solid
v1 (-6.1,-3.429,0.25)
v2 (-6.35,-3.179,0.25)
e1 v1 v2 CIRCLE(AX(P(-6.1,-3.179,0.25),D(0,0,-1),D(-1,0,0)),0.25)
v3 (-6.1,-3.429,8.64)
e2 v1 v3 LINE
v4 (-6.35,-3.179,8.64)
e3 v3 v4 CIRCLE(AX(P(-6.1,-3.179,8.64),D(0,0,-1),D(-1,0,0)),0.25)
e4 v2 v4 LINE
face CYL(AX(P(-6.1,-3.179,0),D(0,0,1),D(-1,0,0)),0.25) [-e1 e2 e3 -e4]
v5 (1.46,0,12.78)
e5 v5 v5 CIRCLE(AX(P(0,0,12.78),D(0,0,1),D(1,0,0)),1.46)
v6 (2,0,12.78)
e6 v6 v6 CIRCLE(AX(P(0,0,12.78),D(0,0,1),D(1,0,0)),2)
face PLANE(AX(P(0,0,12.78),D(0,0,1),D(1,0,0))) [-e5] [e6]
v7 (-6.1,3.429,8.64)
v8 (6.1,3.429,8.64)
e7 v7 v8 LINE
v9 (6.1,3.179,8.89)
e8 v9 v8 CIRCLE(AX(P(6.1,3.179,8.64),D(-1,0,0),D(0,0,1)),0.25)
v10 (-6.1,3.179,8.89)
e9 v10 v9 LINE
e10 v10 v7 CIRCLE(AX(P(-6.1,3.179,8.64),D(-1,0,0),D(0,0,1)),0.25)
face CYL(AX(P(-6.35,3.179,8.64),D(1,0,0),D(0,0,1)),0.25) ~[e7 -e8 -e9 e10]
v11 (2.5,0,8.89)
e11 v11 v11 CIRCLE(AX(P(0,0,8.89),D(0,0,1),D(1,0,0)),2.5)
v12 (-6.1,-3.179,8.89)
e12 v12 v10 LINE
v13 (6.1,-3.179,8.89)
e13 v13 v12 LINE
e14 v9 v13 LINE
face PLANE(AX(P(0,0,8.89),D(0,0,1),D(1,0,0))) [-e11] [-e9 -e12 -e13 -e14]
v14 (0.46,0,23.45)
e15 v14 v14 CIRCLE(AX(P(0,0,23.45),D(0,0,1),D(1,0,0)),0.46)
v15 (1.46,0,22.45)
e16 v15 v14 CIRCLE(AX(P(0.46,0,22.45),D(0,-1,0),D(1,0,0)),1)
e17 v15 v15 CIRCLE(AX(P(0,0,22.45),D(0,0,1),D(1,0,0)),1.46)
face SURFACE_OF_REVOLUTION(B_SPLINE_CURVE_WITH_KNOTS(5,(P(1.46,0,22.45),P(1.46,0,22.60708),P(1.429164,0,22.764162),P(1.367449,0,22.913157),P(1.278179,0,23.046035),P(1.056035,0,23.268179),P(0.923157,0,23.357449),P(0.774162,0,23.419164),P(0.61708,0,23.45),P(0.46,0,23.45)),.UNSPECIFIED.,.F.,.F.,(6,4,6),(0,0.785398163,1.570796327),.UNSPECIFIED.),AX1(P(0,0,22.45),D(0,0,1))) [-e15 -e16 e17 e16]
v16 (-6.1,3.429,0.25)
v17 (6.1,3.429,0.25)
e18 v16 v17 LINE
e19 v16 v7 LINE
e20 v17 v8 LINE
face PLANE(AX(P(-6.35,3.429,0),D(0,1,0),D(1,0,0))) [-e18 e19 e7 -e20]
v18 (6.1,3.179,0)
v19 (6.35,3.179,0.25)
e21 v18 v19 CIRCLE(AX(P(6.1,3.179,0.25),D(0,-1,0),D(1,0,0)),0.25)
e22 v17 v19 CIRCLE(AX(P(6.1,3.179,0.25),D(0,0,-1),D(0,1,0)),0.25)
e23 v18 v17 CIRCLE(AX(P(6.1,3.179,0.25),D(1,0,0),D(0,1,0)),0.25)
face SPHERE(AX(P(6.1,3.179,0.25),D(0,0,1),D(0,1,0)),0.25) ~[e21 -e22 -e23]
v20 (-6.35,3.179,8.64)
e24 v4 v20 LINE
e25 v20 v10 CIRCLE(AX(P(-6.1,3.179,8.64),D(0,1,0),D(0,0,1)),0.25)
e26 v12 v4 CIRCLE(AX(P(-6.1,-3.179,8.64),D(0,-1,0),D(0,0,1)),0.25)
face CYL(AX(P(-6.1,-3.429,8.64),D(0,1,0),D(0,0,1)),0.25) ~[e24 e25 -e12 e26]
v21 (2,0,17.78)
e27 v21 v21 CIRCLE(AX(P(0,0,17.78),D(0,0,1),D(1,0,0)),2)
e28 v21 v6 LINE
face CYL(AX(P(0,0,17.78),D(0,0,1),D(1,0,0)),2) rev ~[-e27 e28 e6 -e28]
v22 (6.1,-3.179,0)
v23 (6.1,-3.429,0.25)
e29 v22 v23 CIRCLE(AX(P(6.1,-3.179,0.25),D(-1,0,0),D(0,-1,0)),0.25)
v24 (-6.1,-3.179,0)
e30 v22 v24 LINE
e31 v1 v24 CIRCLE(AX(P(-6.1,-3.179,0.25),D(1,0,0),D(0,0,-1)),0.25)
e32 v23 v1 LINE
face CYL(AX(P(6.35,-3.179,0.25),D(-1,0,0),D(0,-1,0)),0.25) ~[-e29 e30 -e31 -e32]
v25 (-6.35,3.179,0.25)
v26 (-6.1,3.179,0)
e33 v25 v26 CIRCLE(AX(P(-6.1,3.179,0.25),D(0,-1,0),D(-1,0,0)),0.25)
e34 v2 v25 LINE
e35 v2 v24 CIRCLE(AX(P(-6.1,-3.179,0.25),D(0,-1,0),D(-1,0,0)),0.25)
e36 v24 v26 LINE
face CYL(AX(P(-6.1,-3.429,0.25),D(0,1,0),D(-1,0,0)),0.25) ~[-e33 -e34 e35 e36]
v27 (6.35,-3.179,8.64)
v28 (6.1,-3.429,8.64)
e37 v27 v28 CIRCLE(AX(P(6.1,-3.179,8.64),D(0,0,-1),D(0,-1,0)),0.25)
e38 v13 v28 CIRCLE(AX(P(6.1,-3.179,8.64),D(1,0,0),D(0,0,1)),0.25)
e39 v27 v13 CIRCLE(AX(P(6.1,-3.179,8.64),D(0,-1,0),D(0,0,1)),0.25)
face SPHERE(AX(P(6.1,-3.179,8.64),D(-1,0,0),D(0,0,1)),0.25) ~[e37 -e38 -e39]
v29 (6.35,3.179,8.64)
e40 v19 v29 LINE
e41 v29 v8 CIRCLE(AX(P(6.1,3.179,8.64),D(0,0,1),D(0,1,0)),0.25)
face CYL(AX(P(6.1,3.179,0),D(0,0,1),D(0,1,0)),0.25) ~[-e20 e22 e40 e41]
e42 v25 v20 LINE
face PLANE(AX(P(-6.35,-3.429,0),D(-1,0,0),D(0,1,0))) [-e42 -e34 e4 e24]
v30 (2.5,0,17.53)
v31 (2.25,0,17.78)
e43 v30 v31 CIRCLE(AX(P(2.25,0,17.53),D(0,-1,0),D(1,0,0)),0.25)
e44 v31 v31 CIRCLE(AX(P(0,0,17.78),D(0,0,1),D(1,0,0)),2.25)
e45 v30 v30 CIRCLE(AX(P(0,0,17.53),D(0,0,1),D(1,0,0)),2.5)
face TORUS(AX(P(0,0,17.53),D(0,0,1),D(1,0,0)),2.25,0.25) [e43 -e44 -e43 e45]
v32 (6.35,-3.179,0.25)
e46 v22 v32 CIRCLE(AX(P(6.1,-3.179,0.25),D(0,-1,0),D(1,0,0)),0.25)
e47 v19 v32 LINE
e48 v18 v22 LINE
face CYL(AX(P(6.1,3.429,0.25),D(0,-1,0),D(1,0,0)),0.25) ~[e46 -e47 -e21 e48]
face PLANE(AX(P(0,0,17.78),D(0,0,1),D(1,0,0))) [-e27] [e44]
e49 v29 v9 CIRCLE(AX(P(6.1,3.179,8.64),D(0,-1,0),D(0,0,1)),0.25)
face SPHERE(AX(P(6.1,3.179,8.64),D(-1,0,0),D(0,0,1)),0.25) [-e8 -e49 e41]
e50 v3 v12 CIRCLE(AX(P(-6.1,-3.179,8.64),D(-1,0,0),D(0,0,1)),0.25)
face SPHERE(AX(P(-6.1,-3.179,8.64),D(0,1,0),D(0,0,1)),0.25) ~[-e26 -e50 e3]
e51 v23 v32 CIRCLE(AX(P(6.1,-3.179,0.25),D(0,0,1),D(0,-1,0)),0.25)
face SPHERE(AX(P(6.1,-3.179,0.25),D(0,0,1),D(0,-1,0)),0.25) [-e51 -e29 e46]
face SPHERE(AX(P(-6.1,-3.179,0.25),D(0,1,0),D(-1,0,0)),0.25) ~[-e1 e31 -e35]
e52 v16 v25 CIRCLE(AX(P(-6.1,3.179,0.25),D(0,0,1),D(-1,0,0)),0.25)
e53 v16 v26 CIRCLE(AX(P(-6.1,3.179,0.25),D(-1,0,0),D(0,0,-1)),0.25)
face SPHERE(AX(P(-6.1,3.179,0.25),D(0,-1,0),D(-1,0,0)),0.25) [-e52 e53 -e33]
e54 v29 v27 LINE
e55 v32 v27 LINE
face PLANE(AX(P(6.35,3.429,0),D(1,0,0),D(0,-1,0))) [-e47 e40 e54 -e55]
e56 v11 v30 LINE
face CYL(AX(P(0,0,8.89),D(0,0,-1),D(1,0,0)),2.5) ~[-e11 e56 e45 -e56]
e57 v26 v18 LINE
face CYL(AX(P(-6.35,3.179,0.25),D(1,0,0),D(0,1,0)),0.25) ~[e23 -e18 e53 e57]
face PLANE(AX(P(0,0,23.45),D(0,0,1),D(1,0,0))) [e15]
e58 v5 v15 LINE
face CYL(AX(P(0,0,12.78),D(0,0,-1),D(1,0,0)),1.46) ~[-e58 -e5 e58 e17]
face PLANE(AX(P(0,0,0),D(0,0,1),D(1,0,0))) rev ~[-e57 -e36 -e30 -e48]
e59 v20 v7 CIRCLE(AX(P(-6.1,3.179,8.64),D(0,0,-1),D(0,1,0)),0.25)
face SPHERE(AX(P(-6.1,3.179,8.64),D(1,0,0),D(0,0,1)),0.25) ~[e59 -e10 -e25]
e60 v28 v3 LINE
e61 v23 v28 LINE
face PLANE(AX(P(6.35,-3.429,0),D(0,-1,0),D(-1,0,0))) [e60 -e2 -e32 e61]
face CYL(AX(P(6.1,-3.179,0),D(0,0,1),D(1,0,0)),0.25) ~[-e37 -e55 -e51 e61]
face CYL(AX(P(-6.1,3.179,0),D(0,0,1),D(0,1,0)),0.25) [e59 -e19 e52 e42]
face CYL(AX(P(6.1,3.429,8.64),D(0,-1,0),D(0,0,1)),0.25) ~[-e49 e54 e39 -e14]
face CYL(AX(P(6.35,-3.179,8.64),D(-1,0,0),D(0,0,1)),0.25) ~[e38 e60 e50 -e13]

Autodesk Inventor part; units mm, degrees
ref_plane "YZ Plane" through (0, 0, 0) normal (1, 0, 0) x (0, 1, 0)
ref_plane "XZ Plane" through (0, 0, 0) normal (0, 1, 0) x (-1, 0, 0)
ref_plane "XY Plane" through (0, 0, 0) normal (0, 0, 1) x (1, 0, 0)
sketch "Skizze1" plane through (0, 0, 0) normal (0, 0, 1) x (1, 0, 0)
  line L0 (-6.35, 3.429) -> (6.35, 3.429)
  line L1 (6.35, 3.429) -> (6.35, -3.429)
  line L2 (6.35, -3.429) -> (-6.35, -3.429)
  line L3 (-6.35, -3.429) -> (-6.35, 3.429)
  point P0 (0, 0)
  point P1 (6.35, 0)
  point P2 (0, -3.429)
  dimension "d0" = 12.7
  dimension "d1" = 6.858
extrude "Extrusion1" add sketch "Skizze1" along normal blind 8.89
sketch "Skizze2" plane through (0, 0, 8.89) normal (0, 0, 1) x (1, 0, 0)
  circle A0 centre (0, 0) radius 2.5
  circle A1 centre (0, 0) radius 2.25
  dimension "d4" = 5
  dimension "d10" = 4.5
extrude "Extrusion2" add sketch "Skizze2" along normal blind 8.89 contours A0 | A1
thread "Gewinde1" size "M6x1" class "6g" standard "ANSI Metric M Profile" full length
fillet "Rundung1" radius 0.25 1 edges at (-2.5, 0, 17.78)
sketch "Skizze3" plane through (0, 0, 17.78) normal (0, 0, 1) x (1, 0, 0)
  circle A0 centre (0, 0) radius 2.25 projected
  circle A1 centre (0, 0) radius 2
  dimension "d11" = 4
extrude "Extrusion3" cut sketch "Skizze3" against normal blind 5 contours A1
sketch "Skizze4" plane through (0, 0, 12.78) normal (0, 0, 1) x (1, 0, 0)
  circle A0 centre (0, 0) radius 2 projected
  circle A1 centre (0, 0) radius 1.46
  dimension "d14" = 2.92
extrude "Extrusion4" add sketch "Skizze4" along normal blind 10.67 contours A1
fillet "Rundung3" radius 0.25 12 edges at (0, 3.429, 8.89) (-6.35, 0, 8.89) (0, -3.429, 8.89) (6.35, 0, 8.89) (-6.35, 0, 0) (-6.35, -3.429, 4.445) (-6.35, 3.429, 4.445) (6.35, 3.429, 4.445) (0, 3.429, 0) (6.35, -3.429, 4.445) (0, -3.429, 0) (6.35, 0, 0)
fillet "Rundung5" radius 1 1 edges at (-1.46, 0, 23.45)
properties part number "Schalter"
